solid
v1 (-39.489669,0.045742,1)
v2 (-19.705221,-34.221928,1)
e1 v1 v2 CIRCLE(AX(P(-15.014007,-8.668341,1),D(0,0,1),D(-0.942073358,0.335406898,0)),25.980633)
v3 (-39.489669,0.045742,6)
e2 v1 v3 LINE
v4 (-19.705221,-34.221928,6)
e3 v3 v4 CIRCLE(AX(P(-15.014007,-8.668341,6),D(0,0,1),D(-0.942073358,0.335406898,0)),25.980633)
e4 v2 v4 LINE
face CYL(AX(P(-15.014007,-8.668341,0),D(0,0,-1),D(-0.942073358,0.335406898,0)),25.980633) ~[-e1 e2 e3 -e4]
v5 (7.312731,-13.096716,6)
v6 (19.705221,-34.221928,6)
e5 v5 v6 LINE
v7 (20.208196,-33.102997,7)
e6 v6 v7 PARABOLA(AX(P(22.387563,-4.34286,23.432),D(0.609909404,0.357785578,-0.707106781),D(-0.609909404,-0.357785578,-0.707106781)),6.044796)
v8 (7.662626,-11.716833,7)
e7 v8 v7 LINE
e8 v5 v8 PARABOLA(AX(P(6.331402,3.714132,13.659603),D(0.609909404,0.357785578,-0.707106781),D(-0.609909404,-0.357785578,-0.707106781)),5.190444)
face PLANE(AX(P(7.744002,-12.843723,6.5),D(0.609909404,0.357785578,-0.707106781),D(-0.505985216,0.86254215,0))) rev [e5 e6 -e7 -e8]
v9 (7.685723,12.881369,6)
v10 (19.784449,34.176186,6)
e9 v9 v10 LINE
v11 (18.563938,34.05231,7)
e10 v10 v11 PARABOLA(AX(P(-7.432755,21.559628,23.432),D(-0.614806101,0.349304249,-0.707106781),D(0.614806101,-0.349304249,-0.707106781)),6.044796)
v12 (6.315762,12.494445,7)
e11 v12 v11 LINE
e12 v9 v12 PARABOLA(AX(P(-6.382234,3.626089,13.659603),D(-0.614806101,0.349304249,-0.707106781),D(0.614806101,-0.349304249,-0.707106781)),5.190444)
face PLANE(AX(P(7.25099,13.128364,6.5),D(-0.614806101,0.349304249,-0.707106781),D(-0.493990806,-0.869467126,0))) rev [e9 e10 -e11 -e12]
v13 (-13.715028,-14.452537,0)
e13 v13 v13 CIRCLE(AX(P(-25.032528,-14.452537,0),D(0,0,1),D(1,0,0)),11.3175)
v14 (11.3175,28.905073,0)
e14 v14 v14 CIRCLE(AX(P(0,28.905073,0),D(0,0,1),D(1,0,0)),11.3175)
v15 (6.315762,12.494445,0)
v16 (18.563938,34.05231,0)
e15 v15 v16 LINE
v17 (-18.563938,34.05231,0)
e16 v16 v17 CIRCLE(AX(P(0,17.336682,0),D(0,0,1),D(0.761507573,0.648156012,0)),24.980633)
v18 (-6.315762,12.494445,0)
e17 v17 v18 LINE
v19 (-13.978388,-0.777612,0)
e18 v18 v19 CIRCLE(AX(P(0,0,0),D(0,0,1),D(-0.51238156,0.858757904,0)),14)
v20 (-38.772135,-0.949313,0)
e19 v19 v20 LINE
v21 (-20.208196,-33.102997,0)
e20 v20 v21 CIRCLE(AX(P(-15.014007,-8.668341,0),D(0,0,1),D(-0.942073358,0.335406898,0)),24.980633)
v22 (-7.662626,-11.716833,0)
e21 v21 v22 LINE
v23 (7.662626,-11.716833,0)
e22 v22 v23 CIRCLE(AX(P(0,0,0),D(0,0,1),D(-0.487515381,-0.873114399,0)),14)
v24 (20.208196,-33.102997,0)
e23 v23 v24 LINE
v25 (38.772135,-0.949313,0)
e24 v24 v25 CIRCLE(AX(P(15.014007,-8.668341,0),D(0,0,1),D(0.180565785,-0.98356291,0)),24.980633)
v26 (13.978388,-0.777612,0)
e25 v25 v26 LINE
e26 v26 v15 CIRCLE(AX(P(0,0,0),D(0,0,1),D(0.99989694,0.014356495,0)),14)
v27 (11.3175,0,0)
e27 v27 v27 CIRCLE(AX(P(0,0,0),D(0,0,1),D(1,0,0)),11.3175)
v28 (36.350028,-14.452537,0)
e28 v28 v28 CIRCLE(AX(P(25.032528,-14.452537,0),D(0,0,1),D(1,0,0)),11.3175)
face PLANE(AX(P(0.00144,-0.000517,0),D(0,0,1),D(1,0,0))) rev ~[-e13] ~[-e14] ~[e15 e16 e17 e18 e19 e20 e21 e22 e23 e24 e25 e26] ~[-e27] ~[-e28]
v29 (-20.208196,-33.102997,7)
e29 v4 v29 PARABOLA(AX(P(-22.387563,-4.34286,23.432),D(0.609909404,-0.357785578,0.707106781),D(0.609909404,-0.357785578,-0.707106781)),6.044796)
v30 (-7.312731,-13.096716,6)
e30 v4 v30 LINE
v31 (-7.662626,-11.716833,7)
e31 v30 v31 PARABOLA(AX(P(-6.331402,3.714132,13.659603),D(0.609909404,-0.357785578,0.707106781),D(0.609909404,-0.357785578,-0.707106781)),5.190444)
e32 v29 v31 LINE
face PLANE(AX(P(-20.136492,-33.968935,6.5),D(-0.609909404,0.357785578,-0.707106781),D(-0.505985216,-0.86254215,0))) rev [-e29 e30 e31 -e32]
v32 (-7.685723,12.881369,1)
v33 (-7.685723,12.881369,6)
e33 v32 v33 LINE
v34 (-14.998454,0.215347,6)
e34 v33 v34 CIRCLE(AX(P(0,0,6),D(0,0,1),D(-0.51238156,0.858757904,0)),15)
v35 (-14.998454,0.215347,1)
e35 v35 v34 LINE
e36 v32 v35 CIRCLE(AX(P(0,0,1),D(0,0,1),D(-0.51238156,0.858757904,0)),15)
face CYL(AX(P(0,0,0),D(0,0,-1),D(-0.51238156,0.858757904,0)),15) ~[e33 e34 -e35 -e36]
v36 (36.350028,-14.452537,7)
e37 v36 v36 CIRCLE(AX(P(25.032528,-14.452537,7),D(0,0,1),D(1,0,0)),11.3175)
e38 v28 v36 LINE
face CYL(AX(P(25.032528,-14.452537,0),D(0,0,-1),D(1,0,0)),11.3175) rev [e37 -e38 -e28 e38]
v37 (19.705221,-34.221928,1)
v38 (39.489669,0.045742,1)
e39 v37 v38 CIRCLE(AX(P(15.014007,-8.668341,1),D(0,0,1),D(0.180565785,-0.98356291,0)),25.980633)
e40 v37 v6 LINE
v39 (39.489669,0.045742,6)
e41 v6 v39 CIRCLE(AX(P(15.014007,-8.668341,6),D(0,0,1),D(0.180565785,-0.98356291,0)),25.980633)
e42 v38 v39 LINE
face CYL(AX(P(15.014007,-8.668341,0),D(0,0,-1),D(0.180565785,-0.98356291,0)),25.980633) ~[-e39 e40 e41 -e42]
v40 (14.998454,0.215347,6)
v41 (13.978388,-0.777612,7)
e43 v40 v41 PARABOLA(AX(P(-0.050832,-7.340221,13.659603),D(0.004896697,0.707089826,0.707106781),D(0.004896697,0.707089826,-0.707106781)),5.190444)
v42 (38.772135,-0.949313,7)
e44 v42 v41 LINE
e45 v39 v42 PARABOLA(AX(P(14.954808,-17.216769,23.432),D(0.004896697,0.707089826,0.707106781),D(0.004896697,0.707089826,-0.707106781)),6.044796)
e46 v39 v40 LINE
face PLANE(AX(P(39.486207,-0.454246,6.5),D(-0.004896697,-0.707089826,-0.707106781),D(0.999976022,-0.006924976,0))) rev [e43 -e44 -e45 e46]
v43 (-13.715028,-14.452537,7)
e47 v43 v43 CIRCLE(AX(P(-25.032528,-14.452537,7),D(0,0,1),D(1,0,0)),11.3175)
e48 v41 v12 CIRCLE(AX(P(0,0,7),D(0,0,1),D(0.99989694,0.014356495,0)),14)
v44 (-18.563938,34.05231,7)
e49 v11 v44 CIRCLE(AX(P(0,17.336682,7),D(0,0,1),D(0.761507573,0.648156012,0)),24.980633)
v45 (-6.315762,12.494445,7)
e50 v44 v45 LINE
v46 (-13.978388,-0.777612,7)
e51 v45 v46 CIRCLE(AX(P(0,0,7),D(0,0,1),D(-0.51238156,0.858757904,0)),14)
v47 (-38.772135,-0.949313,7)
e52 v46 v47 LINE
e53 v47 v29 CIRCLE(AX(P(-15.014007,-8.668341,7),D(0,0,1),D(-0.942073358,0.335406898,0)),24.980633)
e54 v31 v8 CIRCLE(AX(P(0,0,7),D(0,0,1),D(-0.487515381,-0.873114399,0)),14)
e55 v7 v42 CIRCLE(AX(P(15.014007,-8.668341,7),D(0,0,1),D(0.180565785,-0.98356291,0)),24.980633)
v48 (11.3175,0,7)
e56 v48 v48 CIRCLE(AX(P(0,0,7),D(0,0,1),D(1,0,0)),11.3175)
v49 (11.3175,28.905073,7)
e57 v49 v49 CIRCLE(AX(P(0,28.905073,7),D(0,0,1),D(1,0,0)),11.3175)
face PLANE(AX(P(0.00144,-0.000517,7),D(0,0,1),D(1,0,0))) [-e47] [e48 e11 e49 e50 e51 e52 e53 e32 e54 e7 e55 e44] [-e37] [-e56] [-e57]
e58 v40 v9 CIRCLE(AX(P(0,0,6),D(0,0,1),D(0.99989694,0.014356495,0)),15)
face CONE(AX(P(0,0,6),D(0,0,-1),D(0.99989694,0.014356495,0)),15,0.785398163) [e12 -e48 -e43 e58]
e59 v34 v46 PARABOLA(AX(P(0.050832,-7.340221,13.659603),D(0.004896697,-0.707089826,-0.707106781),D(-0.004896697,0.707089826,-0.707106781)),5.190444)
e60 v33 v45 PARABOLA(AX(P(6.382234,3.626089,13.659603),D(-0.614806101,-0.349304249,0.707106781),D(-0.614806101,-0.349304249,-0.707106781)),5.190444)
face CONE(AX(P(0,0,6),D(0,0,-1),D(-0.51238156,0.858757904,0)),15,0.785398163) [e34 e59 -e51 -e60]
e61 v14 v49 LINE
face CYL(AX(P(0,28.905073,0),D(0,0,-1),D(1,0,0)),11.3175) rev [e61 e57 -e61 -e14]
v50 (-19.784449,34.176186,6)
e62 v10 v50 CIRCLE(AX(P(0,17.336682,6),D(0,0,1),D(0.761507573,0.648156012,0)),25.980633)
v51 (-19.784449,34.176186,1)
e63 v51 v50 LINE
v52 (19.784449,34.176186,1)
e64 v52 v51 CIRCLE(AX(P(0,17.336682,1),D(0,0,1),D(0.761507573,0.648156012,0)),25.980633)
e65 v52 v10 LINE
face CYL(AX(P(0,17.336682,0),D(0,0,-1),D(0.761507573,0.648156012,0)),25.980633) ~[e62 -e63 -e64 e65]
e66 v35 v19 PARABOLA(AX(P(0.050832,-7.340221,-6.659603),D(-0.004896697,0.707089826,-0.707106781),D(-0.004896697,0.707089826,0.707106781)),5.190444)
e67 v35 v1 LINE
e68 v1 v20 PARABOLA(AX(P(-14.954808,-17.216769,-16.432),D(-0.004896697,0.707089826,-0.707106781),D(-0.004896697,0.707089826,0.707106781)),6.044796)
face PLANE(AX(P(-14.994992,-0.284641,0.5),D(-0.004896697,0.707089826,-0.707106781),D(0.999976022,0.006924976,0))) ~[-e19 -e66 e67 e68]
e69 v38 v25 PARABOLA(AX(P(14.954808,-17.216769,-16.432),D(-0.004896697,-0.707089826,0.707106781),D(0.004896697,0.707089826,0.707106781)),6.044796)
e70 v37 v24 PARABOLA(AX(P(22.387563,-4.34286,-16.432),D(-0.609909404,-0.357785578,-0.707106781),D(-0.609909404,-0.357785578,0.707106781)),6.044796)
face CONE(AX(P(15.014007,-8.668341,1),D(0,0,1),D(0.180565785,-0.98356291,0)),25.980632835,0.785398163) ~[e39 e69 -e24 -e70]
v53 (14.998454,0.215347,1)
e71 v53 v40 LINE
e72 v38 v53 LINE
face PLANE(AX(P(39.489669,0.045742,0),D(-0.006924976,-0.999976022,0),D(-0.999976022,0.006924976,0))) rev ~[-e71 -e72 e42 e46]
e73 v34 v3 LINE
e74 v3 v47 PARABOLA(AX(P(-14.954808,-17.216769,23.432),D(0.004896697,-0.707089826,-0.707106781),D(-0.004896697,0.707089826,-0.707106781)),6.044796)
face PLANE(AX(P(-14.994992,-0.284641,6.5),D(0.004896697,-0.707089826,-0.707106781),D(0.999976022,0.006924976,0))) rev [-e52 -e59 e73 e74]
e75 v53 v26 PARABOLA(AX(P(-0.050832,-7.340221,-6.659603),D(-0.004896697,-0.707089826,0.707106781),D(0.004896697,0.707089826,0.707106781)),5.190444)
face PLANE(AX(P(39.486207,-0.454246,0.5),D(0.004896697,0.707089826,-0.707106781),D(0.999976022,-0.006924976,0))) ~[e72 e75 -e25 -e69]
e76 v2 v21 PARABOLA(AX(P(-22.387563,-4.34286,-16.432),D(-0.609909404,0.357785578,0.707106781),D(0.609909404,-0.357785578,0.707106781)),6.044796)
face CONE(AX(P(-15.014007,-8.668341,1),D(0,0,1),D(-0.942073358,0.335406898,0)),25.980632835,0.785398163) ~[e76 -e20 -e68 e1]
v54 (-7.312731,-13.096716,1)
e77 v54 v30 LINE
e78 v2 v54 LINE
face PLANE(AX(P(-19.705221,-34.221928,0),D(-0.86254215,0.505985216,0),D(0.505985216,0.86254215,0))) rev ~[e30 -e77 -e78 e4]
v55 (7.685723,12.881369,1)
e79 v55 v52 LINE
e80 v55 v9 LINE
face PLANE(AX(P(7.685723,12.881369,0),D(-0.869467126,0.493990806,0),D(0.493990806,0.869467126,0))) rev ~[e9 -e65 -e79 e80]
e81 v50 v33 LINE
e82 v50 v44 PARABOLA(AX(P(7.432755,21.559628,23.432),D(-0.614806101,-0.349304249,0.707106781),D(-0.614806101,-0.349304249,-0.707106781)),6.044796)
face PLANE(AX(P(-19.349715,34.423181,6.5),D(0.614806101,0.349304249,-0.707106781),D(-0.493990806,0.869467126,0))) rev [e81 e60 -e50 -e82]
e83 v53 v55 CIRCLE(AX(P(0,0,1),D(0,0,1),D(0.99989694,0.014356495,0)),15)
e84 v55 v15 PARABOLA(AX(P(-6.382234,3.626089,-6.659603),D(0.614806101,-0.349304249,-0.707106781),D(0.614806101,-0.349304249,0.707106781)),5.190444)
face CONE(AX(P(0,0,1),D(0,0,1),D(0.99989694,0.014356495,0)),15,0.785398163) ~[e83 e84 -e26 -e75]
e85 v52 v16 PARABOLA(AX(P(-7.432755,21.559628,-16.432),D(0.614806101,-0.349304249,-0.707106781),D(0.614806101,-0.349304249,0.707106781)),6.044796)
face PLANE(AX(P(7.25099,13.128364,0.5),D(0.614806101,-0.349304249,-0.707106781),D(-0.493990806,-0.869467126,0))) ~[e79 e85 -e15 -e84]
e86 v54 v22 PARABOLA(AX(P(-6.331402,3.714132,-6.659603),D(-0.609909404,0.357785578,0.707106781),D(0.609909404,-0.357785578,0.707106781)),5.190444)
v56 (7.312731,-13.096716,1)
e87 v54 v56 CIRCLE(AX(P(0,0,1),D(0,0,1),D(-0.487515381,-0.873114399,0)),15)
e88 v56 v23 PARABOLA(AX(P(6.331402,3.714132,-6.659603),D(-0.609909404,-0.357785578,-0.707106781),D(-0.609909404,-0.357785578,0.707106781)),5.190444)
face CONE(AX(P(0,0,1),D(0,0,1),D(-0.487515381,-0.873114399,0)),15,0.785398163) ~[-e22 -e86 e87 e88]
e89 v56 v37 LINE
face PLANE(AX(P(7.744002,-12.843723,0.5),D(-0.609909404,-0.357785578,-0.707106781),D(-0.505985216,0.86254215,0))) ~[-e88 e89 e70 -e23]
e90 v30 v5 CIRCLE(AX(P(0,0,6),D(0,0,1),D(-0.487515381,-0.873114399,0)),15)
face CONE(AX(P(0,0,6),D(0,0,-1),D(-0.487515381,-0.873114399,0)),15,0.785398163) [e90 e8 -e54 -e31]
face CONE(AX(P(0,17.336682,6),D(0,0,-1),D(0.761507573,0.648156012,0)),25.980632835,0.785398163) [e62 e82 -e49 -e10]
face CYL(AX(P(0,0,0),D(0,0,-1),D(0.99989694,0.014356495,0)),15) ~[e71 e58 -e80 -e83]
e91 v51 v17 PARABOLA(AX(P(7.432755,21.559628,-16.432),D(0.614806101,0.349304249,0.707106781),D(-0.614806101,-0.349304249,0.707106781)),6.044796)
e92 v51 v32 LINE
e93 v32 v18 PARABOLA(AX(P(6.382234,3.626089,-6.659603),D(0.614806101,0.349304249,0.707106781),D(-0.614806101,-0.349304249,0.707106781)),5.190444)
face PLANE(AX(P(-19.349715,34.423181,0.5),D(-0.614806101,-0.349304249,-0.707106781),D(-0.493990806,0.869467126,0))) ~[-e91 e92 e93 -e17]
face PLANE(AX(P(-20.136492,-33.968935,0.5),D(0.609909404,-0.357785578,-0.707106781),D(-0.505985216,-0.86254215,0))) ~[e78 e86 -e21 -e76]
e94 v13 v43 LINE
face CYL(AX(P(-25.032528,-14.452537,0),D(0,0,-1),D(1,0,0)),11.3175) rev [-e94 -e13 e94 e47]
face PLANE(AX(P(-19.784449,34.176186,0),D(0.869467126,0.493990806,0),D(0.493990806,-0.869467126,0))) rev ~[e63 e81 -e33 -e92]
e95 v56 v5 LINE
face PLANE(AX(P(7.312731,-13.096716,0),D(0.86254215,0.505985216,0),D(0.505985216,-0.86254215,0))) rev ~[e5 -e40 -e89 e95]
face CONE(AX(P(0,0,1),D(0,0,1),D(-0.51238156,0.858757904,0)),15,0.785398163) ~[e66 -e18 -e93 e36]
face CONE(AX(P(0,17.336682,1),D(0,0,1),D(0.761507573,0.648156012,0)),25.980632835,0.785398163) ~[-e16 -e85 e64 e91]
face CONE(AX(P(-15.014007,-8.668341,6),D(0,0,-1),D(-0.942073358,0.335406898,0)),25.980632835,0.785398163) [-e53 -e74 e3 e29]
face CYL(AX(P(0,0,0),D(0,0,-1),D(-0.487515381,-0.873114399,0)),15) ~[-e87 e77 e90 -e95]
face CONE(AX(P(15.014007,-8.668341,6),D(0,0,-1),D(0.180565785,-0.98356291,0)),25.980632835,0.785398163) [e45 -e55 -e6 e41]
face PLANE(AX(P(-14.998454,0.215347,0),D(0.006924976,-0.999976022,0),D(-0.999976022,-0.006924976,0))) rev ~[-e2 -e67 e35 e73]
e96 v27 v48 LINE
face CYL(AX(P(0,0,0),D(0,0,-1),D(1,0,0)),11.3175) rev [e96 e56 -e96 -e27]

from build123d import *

# Parameters (mm, degrees)
F0_R     = 11.3175
F1_DEPTH = 7
F2_SIZE  = 1


with BuildPart() as f1:
    # F0 (on Top) → F1 (new body)
    with BuildSketch(Plane.XY):
        with BuildLine():
            ThreePointArc((7.3127307082, -13.0967159849), (12.9362081118, -7.5930573347), (15, 0))
            ThreePointArc((15, 0), (14.9996135208, 0.1076764883), (14.9984541032, 0.2153474281))
            ThreePointArc((14.9984541032, 0.2153474281), (12.9903810568, 7.5), (7.6857233949, 12.8813685568))
            ThreePointArc((7.6857233949, 12.8813685568), (0, 15), (-7.6857233949, 12.8813685568))
            ThreePointArc((-7.6857233949, 12.8813685568), (-12.9903810568, 7.5), (-14.9984541032, 0.2153474281))
            ThreePointArc((-14.9984541032, 0.2153474281), (-12.9903810568, -7.5), (-7.3127307082, -13.0967159849))
            ThreePointArc((-7.3127307082, -13.0967159849), (0, -15), (7.3127307082, -13.0967159849))
        make_face()
        Circle(F0_R, mode=Mode.SUBTRACT)
        with BuildLine():
            ThreePointArc((14.9984541032, 0.2153474281), (14.9996135208, 0.1076764883), (15, 0))
            ThreePointArc((15, 0), (12.9362081118, -7.5930573347), (7.3127307082, -13.0967159849))
            Line((7.3127307082, -13.0967159849), (19.70522071, -34.2219280102))
            ThreePointArc((19.70522071, -34.2219280102), (37.513895389, -21.6586576012), (39.4896693783, 0.0457422831))
            Line((39.4896693783, 0.0457422831), (14.9984541032, 0.2153474281))
        make_face()
        with Locations((25.0325276728, -14.4525365904)):
            Circle(F0_R, mode=Mode.SUBTRACT)
        with BuildLine():
            ThreePointArc((-7.6857233949, 12.8813685568), (0, 15), (7.6857233949, 12.8813685568))
            Line((7.6857233949, 12.8813685568), (19.7844486684, 34.1761857271))
            ThreePointArc((19.7844486684, 34.1761857271), (0, 43.3173152024), (-19.7844486684, 34.1761857271))
            Line((-19.7844486684, 34.1761857271), (-7.6857233949, 12.8813685568))
        make_face()
        with Locations((0, 28.9050731808)):
            Circle(F0_R, mode=Mode.SUBTRACT)
        with BuildLine():
            Line((-19.70522071, -34.2219280102), (-7.3127307082, -13.0967159849))
            ThreePointArc((-7.3127307082, -13.0967159849), (-12.9903810568, -7.5), (-14.9984541032, 0.2153474281))
            Line((-14.9984541032, 0.2153474281), (-39.4896693783, 0.0457422831))
            ThreePointArc((-39.4896693783, 0.0457422831), (-37.513895389, -21.6586576012), (-19.70522071, -34.2219280102))
        make_face()
        with Locations((-25.0325276728, -14.4525365904)):
            Circle(F0_R, mode=Mode.SUBTRACT)
    extrude(amount=F1_DEPTH)

    # F2
    f2_edges = [f1.edges().sort_by_distance(p)[0] for p in [
        (-27.244062, 0.130545, 7),
        (-13.735086, 23.528777, 7),
        (27.244062, 0.130545, 7),
        (13.735086, 23.528777, 7),
        (13.508976, -23.659322, 7),
        (-13.508976, -23.659322, 7),
        (-37.513895, -21.658658, 7),
        (37.513895, -21.658658, 7),
        (0, 43.317315, 7),
        (-12.990381, 7.5, 7),
        (12.990381, 7.5, 7),
        (0, -15, 7),
        (0, -15, 0),
        (13.508976, -23.659322, 0),
        (-13.508976, -23.659322, 0),
        (37.513895, -21.658658, 0),
        (27.244062, 0.130545, 0),
        (12.990381, 7.5, 0),
        (13.735086, 23.528777, 0),
        (0, 43.317315, 0),
        (-13.735086, 23.528777, 0),
        (-12.990381, 7.5, 0),
        (-27.244062, 0.130545, 0),
        (-37.513895, -21.658658, 0),
    ]]
    chamfer(f2_edges, length=F2_SIZE)


solid = f1.part
